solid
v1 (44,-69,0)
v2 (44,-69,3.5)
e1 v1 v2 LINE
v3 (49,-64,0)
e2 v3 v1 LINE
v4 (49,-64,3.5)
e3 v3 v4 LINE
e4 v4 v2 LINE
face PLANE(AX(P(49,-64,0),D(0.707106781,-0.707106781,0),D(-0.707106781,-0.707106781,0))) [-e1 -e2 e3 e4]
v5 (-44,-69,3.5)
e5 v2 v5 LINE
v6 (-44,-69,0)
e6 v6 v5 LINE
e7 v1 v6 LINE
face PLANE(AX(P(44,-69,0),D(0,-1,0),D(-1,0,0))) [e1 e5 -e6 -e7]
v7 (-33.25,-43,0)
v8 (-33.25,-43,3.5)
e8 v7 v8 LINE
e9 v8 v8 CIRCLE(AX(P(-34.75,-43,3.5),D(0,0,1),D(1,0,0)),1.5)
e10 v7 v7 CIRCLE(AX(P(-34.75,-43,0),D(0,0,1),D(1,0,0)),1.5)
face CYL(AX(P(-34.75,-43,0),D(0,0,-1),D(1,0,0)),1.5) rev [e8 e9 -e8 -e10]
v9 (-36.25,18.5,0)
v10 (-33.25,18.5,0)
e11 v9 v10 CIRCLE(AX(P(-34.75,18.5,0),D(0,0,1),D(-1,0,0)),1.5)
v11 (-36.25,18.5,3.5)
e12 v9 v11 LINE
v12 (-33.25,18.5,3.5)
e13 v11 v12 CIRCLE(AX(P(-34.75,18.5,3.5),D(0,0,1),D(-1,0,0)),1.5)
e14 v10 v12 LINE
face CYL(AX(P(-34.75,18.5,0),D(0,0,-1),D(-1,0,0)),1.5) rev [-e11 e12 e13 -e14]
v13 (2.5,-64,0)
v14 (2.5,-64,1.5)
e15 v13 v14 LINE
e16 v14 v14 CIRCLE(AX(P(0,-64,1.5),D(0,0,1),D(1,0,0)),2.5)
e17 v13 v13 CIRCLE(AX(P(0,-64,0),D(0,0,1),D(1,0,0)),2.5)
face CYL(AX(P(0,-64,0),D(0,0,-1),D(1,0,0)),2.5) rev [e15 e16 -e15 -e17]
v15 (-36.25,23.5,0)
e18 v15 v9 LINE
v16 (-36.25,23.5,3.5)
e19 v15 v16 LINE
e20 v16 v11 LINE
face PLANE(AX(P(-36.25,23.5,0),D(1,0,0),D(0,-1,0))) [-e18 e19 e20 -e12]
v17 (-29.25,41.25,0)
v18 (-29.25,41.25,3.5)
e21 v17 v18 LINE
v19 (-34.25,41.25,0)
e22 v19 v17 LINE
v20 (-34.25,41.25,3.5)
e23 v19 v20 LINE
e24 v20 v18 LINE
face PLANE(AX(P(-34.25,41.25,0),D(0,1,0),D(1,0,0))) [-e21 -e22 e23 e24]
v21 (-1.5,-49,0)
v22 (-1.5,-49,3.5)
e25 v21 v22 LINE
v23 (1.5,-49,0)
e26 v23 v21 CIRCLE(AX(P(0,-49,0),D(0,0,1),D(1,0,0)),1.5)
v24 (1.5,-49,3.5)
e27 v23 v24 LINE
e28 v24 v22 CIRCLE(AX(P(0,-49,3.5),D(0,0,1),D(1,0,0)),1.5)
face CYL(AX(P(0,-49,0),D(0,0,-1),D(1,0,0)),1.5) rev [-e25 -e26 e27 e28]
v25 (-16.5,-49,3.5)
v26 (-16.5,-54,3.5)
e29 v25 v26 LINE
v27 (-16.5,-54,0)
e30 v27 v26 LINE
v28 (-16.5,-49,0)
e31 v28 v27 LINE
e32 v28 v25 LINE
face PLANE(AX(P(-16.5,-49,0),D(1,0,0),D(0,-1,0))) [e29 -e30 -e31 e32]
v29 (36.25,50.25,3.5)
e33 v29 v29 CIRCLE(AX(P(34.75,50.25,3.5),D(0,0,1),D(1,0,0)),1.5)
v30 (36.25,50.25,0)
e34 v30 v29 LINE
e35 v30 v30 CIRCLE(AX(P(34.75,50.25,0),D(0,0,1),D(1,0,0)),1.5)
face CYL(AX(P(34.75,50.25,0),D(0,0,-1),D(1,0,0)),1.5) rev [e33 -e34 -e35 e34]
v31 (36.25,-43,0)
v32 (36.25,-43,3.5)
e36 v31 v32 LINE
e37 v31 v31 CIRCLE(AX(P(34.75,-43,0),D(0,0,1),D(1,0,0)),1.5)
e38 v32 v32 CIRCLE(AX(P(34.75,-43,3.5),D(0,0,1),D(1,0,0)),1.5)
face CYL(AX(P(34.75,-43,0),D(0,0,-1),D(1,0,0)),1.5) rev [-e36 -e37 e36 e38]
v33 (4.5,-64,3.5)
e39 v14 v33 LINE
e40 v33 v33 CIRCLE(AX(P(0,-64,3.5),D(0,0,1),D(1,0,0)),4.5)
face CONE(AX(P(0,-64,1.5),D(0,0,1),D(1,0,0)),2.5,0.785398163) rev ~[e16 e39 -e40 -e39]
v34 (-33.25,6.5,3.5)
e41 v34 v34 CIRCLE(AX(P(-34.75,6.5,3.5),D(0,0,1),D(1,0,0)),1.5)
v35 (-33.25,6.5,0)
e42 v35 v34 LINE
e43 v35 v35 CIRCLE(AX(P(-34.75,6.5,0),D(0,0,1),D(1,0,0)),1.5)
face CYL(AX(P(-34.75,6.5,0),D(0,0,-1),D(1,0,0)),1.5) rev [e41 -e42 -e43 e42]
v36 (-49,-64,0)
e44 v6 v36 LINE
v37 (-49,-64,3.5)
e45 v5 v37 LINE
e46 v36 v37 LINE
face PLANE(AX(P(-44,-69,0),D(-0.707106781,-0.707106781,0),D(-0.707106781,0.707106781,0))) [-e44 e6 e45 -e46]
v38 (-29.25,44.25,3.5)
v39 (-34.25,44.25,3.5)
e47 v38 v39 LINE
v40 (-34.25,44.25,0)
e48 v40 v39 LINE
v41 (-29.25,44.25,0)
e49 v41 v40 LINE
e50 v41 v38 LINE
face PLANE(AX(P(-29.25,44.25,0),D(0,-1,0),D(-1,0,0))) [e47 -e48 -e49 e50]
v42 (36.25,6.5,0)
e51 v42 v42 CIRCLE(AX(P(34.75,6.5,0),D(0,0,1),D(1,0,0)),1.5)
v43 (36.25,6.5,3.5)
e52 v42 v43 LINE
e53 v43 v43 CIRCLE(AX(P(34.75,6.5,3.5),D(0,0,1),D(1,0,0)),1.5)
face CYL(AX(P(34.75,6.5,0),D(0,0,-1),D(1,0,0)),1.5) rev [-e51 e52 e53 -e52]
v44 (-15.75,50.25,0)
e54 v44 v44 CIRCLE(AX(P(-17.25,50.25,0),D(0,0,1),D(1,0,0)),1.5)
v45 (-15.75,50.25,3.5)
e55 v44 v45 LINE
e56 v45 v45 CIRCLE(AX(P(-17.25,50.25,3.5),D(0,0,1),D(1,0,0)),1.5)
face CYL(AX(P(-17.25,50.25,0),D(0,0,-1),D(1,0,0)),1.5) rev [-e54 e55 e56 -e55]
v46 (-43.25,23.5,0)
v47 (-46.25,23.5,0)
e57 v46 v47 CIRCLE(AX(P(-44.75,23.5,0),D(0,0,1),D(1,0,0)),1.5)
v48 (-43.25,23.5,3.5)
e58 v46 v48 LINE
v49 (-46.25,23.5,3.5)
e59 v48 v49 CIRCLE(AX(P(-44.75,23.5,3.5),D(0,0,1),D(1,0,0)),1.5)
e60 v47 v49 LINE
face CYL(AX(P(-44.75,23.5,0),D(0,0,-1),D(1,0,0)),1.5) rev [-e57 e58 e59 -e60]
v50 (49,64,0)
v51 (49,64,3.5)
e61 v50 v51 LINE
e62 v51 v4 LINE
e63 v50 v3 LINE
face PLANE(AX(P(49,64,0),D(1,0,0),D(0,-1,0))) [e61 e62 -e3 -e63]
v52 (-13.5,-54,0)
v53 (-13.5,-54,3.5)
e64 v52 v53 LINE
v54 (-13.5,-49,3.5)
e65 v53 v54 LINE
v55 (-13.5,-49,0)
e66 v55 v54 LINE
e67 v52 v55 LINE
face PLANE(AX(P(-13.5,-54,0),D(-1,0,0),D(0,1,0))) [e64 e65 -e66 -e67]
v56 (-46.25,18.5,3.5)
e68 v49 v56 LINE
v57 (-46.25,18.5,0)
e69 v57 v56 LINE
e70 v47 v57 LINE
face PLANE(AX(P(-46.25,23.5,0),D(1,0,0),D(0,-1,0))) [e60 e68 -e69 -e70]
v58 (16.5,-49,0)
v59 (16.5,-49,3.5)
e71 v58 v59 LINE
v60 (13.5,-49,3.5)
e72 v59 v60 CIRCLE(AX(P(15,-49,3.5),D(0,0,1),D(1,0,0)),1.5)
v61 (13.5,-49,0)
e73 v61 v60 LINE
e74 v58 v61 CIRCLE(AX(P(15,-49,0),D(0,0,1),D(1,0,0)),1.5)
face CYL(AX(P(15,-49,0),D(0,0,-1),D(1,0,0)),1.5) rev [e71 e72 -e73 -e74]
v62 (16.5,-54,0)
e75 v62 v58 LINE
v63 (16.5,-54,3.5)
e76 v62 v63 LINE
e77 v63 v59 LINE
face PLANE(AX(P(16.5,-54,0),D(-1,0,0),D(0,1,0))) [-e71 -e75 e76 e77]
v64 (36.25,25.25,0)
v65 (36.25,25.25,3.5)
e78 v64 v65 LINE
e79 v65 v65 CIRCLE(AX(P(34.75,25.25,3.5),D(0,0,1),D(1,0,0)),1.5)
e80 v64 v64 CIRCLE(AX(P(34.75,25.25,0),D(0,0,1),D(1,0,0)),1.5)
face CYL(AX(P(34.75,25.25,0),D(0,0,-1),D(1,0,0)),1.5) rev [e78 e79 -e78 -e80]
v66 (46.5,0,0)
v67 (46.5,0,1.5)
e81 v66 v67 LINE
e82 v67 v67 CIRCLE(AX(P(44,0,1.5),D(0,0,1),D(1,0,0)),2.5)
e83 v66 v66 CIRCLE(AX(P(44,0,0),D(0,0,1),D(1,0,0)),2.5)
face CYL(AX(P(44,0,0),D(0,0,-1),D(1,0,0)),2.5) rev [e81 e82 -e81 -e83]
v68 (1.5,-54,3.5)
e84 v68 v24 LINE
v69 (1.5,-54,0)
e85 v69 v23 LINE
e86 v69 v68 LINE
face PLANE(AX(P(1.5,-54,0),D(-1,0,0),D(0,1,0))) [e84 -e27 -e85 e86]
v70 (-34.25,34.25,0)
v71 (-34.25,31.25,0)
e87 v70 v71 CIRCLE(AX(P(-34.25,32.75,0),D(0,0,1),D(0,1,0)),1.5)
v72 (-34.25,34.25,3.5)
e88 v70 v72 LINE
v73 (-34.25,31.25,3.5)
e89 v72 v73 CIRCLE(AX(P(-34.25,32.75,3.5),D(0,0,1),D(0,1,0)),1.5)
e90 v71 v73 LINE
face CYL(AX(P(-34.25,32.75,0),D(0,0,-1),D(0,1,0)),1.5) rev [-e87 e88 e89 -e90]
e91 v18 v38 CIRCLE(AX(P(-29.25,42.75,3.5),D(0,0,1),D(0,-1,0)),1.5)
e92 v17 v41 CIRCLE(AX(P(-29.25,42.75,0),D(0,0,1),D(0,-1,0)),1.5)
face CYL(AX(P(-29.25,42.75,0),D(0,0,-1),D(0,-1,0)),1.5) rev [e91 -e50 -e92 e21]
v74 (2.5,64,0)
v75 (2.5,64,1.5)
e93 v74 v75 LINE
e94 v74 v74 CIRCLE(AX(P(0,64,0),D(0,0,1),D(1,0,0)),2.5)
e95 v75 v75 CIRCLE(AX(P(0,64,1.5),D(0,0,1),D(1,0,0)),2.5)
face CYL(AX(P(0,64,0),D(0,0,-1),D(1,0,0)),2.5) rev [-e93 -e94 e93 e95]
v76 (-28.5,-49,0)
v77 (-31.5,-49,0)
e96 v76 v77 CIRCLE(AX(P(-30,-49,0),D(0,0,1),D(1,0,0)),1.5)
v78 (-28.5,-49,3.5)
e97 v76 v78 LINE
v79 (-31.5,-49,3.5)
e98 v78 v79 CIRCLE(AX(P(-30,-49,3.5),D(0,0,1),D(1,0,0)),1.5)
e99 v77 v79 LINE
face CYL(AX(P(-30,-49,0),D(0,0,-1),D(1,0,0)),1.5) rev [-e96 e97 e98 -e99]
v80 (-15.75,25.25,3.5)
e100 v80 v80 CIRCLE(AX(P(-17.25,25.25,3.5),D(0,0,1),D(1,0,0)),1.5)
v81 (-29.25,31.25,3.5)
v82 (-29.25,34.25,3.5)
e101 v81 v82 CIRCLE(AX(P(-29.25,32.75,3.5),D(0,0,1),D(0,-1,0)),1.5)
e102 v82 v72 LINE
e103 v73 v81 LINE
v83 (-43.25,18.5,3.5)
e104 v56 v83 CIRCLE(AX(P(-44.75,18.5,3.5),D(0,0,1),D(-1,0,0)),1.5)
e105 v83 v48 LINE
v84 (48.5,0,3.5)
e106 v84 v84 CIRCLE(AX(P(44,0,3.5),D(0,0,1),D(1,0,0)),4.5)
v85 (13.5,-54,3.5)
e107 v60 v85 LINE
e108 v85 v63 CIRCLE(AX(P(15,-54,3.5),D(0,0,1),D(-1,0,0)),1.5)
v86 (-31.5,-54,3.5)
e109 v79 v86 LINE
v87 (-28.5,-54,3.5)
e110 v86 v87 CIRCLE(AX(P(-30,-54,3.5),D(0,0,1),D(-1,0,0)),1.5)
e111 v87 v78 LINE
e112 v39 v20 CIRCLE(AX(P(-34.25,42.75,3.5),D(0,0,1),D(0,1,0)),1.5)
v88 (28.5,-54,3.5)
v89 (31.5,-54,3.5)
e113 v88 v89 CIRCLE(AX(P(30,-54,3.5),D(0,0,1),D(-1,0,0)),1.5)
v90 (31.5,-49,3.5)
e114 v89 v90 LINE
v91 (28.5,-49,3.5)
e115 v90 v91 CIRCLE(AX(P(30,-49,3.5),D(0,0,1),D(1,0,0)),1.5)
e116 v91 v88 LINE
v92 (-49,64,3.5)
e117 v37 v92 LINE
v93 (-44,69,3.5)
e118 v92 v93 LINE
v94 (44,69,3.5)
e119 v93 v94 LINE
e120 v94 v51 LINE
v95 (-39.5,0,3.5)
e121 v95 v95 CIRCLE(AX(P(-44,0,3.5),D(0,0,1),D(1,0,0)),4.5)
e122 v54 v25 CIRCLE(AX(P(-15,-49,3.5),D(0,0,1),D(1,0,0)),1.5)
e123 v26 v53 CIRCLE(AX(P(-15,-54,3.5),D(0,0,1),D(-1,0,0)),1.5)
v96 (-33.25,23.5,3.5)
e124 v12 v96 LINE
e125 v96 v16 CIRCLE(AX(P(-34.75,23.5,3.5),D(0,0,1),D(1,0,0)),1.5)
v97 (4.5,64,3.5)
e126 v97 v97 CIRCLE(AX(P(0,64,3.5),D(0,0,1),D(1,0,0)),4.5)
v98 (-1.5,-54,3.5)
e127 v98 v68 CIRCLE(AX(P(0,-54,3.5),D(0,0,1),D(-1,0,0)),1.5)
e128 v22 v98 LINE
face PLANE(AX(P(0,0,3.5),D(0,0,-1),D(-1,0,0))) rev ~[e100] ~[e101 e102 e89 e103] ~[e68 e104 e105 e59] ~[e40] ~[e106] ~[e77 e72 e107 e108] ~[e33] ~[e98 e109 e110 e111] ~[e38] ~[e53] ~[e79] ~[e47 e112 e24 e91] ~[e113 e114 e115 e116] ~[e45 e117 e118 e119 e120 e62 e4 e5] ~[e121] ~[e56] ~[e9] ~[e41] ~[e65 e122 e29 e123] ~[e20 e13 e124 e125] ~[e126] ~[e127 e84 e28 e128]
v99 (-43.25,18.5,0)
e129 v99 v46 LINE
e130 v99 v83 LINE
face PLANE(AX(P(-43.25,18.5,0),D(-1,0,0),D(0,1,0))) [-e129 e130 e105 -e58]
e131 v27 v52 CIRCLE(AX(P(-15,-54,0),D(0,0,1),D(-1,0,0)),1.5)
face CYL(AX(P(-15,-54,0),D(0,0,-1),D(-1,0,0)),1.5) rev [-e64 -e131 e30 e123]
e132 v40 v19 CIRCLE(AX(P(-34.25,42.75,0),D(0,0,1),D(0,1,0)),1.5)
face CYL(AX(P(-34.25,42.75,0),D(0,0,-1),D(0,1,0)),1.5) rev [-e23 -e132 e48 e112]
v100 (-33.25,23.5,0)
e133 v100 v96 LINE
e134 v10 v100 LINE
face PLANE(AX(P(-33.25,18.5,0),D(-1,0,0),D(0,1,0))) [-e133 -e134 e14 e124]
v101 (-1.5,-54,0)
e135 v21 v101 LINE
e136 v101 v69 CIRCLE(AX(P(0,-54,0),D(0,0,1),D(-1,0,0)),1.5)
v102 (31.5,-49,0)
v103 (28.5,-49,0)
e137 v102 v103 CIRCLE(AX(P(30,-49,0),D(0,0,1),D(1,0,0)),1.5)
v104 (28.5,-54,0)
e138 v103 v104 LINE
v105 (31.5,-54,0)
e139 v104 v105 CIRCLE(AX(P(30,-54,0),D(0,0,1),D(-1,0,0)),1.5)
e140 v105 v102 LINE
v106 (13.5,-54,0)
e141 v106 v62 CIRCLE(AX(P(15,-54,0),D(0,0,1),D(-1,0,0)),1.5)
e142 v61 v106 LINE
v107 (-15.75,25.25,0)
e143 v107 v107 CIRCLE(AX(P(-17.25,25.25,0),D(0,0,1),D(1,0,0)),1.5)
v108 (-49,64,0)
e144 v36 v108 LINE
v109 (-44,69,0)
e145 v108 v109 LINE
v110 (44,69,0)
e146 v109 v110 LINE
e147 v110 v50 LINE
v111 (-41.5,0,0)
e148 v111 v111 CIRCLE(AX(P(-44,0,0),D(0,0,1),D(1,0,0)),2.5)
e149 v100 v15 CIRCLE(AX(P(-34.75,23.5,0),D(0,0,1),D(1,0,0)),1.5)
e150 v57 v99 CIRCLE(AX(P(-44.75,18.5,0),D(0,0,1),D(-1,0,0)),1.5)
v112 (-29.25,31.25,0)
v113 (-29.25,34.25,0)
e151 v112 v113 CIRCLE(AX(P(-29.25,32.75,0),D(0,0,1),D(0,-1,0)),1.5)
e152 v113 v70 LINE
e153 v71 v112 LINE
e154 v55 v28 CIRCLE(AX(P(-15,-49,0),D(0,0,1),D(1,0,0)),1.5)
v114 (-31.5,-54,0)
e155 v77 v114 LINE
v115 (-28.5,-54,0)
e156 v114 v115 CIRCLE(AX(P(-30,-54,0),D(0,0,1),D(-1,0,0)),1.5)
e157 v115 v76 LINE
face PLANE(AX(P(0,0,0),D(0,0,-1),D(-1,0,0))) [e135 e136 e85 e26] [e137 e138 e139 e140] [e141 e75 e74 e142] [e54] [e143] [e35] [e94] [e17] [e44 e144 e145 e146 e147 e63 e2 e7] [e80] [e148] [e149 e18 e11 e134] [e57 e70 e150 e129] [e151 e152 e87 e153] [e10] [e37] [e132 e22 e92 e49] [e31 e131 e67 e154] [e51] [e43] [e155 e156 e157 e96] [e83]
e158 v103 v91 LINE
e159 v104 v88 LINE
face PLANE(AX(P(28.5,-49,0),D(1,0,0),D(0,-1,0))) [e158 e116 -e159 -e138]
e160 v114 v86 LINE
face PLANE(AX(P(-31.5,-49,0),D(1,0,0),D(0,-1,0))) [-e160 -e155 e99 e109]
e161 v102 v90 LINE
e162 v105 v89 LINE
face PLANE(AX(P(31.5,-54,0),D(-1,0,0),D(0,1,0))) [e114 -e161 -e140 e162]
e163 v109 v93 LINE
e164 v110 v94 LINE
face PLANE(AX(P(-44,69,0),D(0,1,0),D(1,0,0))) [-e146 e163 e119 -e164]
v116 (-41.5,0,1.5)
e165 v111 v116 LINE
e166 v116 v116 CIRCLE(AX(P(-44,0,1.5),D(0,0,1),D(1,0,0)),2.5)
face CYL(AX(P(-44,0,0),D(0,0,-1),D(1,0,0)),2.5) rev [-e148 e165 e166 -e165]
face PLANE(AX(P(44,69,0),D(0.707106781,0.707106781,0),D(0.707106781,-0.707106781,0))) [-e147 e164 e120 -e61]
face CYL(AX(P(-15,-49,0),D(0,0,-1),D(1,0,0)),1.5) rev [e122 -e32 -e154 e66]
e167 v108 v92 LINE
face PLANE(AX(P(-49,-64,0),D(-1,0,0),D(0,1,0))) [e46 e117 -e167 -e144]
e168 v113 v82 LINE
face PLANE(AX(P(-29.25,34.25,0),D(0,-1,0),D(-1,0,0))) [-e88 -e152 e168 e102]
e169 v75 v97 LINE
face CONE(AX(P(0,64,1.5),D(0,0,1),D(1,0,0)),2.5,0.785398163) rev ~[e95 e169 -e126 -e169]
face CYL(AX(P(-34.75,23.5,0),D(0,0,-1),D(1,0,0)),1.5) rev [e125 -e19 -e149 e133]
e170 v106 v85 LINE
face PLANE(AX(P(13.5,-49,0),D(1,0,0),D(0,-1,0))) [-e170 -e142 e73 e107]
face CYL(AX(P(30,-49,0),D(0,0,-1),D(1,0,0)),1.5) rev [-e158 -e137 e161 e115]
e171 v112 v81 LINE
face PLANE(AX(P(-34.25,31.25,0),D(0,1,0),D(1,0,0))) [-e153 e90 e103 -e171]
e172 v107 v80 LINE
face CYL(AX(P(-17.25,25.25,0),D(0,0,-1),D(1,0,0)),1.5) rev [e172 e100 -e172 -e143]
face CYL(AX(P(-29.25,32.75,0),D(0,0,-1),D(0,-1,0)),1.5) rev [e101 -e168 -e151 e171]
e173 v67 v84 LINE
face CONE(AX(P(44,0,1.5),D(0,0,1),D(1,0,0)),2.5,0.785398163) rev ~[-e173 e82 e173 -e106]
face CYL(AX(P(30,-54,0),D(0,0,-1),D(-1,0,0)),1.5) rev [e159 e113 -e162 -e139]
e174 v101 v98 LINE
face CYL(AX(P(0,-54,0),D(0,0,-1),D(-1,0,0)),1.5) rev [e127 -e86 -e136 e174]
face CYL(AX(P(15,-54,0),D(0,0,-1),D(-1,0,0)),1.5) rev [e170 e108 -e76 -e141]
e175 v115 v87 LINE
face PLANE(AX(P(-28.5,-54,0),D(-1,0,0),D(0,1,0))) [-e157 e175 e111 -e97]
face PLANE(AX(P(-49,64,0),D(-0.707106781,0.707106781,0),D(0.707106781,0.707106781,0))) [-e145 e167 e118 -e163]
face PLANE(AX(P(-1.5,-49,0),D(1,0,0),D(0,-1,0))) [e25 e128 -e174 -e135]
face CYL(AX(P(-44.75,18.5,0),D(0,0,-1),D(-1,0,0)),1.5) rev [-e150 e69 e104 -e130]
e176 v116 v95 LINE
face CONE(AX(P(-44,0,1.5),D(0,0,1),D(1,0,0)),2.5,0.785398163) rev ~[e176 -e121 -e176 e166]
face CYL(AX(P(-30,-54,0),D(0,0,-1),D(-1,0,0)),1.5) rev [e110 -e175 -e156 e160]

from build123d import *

# Parameters (mm, degrees)
SKETCH_R     = 1.5
SKETCH_R_2   = 2.5
PAD_DEPTH    = 3.5
CHAMFER_SIZE = 2


with BuildPart() as part:
    # Sketch → Pad (new body)
    with BuildSketch(Plane.XY):
        Polygon((-44, 69), (44, 69), (49, 64), (49, -64), (44, -69), (-44, -69), (-49, -64), (-49, 64), align=None)
        with Locations((-17.25, 50.25)):
            Circle(SKETCH_R, mode=Mode.SUBTRACT)
        with Locations((34.75, 50.25)):
            Circle(SKETCH_R, mode=Mode.SUBTRACT)
        with Locations((34.75, 25.25)):
            Circle(SKETCH_R, mode=Mode.SUBTRACT)
        with Locations((-17.25, 25.25)):
            Circle(SKETCH_R, mode=Mode.SUBTRACT)
        with Locations((-34.75, -43)):
            Circle(SKETCH_R, mode=Mode.SUBTRACT)
        with Locations((-34.75, 6.5)):
            Circle(SKETCH_R, mode=Mode.SUBTRACT)
        with Locations((34.75, 6.5)):
            Circle(SKETCH_R, mode=Mode.SUBTRACT)
        with Locations((34.75, -43)):
            Circle(SKETCH_R, mode=Mode.SUBTRACT)
        with Locations((-44, 0)):
            Circle(SKETCH_R_2, mode=Mode.SUBTRACT)
        with Locations((0, 64)):
            Circle(SKETCH_R_2, mode=Mode.SUBTRACT)
        with Locations((44, 0)):
            Circle(SKETCH_R_2, mode=Mode.SUBTRACT)
        with Locations((0, -64)):
            Circle(SKETCH_R_2, mode=Mode.SUBTRACT)
        with BuildLine():
            ThreePointArc((-28.5, -49), (-30, -47.5), (-31.5, -49))
            Line((-31.5, -49), (-31.5, -54))
            ThreePointArc((-31.5, -54), (-30, -55.5), (-28.5, -54))
            Line((-28.5, -54), (-28.5, -49))
        make_face(mode=Mode.SUBTRACT)
        with BuildLine():
            ThreePointArc((-13.5, -49), (-15, -47.5), (-16.5, -49))
            Line((-16.5, -49), (-16.5, -54))
            ThreePointArc((-16.5, -54), (-15, -55.5), (-13.5, -54))
            Line((-13.5, -54), (-13.5, -49))
        make_face(mode=Mode.SUBTRACT)
        with BuildLine():
            ThreePointArc((1.5, -49), (0, -47.5), (-1.5, -49))
            Line((-1.5, -49), (-1.5, -54))
            ThreePointArc((-1.5, -54), (0, -55.5), (1.5, -54))
            Line((1.5, -54), (1.5, -49))
        make_face(mode=Mode.SUBTRACT)
        with BuildLine():
            ThreePointArc((16.5, -49), (15, -47.5), (13.5, -49))
            Line((13.5, -49), (13.5, -54))
            ThreePointArc((13.5, -54), (15, -55.5), (16.5, -54))
            Line((16.5, -54), (16.5, -49))
        make_face(mode=Mode.SUBTRACT)
        with BuildLine():
            ThreePointArc((31.5, -49), (30, -47.5), (28.5, -49))
            Line((28.5, -49), (28.5, -54))
            ThreePointArc((28.5, -54), (30, -55.5), (31.5, -54))
            Line((31.5, -54), (31.5, -49))
        make_face(mode=Mode.SUBTRACT)
        with BuildLine():
            ThreePointArc((-34.25, 44.25), (-35.75, 42.75), (-34.25, 41.25))
            Line((-34.25, 41.25), (-29.25, 41.25))
            ThreePointArc((-29.25, 41.25), (-27.75, 42.75), (-29.25, 44.25))
            Line((-29.25, 44.25), (-34.25, 44.25))
        make_face(mode=Mode.SUBTRACT)
        with BuildLine():
            ThreePointArc((-34.25, 34.25), (-35.75, 32.75), (-34.25, 31.25))
            Line((-34.25, 31.25), (-29.25, 31.25))
            ThreePointArc((-29.25, 31.25), (-27.75, 32.75), (-29.25, 34.25))
            Line((-29.25, 34.25), (-34.25, 34.25))
        make_face(mode=Mode.SUBTRACT)
        with BuildLine():
            ThreePointArc((-43.25, 23.5), (-44.75, 25), (-46.25, 23.5))
            Line((-46.25, 23.5), (-46.25, 18.5))
            ThreePointArc((-46.25, 18.5), (-44.75, 17), (-43.25, 18.5))
            Line((-43.25, 18.5), (-43.25, 23.5))
        make_face(mode=Mode.SUBTRACT)
        with BuildLine():
            ThreePointArc((-33.25, 23.5), (-34.75, 25), (-36.25, 23.5))
            Line((-36.25, 23.5), (-36.25, 18.5))
            ThreePointArc((-36.25, 18.5), (-34.75, 17), (-33.25, 18.5))
            Line((-33.25, 18.5), (-33.25, 23.5))
        make_face(mode=Mode.SUBTRACT)
    extrude(amount=PAD_DEPTH)

    # Chamfer
    chamfer_edges = [part.edges().sort_by_distance(p)[0] for p in [
        (41.5, 0, 3.5),
        (-2.5, -64, 3.5),
        (-46.5, 0, 3.5),
        (-2.5, 64, 3.5),
    ]]
    chamfer(chamfer_edges, length=CHAMFER_SIZE)


solid = part.part
